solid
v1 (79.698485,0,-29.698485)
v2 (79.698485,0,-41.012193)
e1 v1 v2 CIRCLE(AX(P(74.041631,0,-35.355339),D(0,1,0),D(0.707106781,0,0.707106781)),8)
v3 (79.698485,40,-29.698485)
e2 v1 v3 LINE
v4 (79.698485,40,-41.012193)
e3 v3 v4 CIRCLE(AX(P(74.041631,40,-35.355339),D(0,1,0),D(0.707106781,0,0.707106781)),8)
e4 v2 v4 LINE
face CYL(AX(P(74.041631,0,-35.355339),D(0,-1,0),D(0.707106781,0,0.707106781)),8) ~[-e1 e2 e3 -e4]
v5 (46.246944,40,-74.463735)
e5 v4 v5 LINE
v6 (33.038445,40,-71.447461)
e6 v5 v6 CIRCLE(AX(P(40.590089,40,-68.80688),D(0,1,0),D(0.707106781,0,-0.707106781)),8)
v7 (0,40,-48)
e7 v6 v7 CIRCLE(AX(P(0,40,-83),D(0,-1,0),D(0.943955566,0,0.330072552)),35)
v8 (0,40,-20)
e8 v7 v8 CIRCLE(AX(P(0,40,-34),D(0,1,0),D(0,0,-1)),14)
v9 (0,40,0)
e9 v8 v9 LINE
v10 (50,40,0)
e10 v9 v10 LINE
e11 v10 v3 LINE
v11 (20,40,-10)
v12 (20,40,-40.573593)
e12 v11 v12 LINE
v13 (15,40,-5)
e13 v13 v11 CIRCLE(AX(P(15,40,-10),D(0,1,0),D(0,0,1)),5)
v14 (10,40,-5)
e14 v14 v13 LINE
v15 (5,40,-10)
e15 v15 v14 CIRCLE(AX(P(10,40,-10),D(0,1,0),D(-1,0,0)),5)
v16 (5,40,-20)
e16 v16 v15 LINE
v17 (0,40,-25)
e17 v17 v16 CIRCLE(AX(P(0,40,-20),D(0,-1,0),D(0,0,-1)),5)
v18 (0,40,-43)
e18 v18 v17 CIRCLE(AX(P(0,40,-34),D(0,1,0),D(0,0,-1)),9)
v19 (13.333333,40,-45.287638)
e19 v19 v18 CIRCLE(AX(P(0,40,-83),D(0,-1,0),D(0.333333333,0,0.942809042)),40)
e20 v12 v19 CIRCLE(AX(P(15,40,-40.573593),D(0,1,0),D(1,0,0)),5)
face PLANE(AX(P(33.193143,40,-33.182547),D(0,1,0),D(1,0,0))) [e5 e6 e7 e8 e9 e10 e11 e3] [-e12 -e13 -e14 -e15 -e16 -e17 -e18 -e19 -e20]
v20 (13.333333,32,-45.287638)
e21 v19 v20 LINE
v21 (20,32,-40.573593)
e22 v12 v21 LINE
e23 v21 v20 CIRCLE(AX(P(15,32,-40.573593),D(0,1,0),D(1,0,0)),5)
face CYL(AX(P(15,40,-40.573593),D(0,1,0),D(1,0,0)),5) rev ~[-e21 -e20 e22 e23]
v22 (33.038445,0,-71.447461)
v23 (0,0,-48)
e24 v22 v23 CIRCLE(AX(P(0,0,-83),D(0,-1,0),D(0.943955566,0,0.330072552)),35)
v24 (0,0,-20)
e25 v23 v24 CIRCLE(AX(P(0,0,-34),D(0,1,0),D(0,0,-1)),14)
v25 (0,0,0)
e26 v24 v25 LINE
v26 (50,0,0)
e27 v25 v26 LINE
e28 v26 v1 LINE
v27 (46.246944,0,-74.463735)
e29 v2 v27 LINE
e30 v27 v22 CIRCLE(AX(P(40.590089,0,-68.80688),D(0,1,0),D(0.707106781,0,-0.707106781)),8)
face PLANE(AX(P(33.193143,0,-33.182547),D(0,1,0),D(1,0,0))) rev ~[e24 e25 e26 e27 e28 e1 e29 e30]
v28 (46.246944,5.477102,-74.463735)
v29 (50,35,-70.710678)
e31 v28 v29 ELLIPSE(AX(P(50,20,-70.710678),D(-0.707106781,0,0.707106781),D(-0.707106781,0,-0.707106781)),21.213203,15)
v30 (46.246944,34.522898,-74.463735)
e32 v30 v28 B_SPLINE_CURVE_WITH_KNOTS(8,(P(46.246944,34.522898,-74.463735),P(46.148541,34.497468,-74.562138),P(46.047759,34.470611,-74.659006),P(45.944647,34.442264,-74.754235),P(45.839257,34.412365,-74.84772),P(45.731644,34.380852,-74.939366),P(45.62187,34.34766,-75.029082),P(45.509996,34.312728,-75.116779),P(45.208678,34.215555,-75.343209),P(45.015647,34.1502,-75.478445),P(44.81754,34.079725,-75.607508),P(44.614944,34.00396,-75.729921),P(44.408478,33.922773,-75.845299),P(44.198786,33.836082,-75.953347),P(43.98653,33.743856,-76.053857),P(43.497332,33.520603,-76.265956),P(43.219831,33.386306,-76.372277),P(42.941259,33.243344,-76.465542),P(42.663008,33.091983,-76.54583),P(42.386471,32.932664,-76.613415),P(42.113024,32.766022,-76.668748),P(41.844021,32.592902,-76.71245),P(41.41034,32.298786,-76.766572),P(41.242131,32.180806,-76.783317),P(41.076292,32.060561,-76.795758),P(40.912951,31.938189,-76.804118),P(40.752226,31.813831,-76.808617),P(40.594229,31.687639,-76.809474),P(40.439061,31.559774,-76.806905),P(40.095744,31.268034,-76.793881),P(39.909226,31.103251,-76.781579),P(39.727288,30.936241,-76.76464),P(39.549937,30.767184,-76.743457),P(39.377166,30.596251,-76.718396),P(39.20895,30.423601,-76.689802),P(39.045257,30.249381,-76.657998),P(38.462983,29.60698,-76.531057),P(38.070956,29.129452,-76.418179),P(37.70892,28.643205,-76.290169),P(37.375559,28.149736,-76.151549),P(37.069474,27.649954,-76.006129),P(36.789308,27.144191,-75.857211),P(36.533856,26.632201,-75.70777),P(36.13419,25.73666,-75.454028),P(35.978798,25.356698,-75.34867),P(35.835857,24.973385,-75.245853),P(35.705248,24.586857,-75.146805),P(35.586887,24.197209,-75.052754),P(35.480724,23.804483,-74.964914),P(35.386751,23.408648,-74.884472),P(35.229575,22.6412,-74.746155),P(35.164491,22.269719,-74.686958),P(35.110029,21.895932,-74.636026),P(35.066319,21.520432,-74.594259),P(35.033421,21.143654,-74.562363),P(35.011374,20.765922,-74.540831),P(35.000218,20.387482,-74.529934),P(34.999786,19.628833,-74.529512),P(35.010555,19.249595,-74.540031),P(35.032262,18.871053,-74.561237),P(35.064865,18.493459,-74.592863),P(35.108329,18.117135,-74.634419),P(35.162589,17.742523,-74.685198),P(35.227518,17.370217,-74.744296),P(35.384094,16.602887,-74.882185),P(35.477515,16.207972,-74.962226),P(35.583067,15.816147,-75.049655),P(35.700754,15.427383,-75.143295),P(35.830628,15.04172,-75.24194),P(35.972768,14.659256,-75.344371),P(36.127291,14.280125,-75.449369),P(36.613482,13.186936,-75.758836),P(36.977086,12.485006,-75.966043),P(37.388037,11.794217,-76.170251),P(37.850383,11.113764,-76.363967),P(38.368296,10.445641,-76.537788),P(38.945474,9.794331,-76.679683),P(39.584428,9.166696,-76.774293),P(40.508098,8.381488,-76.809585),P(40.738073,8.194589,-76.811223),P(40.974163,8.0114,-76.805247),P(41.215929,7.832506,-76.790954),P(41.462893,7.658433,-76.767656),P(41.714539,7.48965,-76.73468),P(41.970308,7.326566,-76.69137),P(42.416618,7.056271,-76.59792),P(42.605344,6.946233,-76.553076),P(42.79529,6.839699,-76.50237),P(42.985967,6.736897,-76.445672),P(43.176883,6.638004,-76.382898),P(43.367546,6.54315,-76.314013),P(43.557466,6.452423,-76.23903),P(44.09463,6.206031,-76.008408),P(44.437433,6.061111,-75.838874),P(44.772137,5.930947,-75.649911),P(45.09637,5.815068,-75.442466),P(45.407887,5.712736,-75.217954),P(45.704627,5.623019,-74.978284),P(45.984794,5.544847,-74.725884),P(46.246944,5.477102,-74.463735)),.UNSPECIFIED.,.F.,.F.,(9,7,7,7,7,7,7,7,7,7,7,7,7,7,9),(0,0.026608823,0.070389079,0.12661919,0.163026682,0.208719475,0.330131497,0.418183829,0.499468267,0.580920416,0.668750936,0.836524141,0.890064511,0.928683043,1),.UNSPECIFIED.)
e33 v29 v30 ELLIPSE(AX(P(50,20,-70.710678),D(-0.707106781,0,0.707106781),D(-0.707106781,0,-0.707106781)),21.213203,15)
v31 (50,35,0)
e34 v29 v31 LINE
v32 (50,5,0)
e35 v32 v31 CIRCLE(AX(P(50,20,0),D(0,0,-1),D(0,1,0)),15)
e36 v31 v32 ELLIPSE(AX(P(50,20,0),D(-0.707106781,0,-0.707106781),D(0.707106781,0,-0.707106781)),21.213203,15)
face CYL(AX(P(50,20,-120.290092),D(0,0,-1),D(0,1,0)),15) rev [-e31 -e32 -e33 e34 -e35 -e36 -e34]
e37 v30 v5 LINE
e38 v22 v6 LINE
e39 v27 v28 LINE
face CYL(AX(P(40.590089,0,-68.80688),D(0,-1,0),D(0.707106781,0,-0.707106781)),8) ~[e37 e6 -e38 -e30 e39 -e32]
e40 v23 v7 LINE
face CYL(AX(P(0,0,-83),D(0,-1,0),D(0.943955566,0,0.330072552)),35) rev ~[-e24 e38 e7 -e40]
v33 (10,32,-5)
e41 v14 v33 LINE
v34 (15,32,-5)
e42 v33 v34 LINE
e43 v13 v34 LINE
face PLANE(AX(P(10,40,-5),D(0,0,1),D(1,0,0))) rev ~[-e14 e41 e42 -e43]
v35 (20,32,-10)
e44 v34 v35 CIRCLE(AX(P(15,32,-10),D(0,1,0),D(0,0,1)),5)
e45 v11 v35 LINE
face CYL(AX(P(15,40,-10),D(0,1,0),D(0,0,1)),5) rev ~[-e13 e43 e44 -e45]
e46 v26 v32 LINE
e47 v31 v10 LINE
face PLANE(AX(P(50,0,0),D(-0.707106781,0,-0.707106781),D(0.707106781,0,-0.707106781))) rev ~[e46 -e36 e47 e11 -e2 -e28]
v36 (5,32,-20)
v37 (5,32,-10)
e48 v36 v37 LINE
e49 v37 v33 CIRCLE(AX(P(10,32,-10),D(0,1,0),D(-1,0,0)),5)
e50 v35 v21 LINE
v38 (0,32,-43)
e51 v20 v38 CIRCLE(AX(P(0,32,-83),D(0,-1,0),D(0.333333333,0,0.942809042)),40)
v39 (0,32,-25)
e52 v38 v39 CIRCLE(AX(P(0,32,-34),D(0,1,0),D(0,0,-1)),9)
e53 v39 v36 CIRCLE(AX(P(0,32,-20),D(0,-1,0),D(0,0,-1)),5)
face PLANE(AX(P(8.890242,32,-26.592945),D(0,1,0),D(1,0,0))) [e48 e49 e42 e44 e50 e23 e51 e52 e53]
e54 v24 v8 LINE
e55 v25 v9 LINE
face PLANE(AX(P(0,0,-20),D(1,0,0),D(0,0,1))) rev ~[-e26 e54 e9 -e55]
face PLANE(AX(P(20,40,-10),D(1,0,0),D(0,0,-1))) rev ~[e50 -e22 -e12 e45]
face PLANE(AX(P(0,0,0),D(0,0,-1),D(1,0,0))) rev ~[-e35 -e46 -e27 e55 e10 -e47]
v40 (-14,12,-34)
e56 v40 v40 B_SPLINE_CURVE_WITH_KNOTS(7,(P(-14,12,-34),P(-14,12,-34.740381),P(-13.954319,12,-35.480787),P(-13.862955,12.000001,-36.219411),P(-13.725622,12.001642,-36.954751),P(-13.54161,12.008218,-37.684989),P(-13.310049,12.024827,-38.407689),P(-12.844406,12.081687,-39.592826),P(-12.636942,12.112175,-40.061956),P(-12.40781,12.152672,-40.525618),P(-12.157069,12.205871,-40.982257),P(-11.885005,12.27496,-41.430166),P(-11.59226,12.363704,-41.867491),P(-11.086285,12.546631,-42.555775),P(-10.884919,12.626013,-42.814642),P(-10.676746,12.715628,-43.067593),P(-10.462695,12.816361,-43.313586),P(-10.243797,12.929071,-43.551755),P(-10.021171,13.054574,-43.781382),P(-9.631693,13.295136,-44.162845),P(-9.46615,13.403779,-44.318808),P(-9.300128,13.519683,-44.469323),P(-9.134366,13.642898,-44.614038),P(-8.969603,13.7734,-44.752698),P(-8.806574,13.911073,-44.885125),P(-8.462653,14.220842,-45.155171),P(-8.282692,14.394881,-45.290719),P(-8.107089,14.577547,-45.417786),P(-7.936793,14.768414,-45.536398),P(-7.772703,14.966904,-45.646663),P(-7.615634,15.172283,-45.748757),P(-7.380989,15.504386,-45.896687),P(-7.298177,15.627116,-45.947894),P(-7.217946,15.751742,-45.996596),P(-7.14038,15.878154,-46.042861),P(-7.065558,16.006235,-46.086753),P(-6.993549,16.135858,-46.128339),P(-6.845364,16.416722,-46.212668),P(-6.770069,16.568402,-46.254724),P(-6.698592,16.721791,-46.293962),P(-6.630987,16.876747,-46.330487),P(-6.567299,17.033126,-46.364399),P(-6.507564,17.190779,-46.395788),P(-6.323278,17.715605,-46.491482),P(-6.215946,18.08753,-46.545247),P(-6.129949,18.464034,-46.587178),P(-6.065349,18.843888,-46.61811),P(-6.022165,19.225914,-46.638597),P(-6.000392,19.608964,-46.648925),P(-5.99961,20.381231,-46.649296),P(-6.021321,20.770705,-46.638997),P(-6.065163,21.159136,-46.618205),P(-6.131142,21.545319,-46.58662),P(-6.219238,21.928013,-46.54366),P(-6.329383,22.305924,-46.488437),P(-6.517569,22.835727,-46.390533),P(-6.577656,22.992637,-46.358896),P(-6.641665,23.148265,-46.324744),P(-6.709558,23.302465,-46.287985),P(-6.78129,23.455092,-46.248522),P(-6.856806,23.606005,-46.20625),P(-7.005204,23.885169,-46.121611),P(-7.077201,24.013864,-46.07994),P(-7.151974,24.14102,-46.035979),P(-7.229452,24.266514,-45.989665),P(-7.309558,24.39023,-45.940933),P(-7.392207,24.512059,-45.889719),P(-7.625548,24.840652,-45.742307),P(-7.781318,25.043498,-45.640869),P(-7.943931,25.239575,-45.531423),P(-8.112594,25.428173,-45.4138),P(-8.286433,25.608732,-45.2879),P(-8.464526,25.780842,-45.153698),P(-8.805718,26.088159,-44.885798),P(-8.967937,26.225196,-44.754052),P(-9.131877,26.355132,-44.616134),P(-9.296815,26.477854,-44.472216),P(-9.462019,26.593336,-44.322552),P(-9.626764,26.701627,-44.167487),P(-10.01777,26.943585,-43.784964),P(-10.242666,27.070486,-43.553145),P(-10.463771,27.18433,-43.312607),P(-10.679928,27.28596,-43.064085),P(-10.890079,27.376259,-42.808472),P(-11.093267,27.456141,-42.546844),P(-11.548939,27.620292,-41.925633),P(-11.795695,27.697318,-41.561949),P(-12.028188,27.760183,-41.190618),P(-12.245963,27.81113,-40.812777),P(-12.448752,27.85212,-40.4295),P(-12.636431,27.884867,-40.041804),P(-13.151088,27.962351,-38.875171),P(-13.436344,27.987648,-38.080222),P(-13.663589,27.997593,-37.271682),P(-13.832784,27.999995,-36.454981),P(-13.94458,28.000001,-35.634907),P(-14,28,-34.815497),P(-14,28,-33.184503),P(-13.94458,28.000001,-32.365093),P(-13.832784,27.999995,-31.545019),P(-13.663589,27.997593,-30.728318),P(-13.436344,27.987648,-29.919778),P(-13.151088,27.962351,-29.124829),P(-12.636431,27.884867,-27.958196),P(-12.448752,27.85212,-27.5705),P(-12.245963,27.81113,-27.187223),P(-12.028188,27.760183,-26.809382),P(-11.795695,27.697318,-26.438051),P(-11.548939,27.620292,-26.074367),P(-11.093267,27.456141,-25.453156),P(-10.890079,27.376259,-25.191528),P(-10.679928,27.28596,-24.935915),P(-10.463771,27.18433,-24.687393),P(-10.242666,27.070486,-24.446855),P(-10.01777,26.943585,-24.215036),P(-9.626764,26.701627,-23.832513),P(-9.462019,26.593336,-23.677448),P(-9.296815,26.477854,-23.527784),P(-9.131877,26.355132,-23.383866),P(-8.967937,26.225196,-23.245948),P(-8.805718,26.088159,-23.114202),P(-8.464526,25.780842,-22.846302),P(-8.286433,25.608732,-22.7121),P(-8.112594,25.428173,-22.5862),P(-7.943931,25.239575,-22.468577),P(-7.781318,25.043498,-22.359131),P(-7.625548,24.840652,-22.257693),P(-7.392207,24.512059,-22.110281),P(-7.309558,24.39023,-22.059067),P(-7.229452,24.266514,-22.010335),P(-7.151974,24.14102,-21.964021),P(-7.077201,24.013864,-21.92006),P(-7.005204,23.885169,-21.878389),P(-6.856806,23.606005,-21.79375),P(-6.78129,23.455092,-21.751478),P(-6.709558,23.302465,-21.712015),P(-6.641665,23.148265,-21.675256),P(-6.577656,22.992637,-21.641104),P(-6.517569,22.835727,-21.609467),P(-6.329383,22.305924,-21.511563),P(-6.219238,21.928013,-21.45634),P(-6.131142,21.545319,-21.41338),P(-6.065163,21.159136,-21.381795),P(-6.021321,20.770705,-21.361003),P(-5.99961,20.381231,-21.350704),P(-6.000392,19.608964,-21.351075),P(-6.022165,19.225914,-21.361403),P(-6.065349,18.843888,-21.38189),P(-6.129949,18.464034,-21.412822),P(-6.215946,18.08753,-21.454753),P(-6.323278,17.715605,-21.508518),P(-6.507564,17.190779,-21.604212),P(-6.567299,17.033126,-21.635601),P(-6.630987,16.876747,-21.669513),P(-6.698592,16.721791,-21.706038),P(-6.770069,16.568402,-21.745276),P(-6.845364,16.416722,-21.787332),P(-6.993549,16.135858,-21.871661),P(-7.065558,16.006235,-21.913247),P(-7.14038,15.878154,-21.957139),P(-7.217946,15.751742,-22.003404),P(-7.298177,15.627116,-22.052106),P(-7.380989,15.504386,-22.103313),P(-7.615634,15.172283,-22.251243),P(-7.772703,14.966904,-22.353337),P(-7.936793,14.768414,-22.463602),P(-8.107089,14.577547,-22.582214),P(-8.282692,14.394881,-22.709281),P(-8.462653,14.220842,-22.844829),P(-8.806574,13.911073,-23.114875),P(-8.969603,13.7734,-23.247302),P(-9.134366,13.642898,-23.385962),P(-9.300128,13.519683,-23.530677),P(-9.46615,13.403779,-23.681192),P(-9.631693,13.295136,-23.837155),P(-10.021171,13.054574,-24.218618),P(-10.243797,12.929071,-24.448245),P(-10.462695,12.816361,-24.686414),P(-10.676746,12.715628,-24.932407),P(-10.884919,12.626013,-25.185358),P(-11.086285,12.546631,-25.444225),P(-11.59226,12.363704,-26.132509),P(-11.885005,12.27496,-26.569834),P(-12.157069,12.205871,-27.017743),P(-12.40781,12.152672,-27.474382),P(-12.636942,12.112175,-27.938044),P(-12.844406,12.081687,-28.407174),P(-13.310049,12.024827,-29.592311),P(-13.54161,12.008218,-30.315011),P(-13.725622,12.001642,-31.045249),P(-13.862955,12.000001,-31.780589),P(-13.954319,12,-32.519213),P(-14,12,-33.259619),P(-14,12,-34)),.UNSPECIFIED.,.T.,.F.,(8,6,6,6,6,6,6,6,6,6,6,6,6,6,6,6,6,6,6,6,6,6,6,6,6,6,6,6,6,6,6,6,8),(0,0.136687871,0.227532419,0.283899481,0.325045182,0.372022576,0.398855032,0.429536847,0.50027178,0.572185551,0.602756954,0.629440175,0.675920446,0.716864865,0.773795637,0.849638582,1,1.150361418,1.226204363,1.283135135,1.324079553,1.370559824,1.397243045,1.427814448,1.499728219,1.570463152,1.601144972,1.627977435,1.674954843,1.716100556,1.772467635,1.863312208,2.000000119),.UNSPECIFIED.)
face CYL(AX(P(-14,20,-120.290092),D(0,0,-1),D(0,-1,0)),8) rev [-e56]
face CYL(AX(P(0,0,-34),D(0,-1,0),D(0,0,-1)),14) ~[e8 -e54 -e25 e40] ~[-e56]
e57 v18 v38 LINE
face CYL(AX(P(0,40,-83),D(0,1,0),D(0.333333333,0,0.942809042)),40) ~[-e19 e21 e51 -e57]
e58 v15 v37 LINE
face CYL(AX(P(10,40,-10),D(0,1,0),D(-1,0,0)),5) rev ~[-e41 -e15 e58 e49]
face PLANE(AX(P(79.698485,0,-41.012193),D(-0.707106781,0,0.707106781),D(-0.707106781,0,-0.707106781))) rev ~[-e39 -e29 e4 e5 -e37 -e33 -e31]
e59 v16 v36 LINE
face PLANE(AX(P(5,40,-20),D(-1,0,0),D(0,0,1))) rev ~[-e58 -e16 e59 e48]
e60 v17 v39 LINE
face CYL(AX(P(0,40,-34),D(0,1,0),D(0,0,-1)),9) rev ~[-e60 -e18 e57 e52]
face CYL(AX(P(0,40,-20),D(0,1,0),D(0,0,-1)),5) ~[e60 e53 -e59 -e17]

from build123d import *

# Parameters (mm, degrees)
BOSS_EXTRUDE1_DEPTH     = 40
CUT_EXTRUDE1_DEPTH      = 8
CUT_EXTRUDE2_DEPTH      = 120.290091807
CUT_EXTRUDE2_DEPTH_BACK = 120.290091807
SKETCH3_R               = 15


with BuildPart() as part:
    # Sketch1 → Boss-Extrude1 (new body)
    with BuildSketch(Plane(origin=(0, 0, 0), x_dir=(1, 0, 0), z_dir=(0, 1, 0))):
        with BuildLine():
            Line((0, 0), (50, 0))
            Line((50, 0), (79.69848481, 29.69848481))
            ThreePointArc((79.69848481, 29.69848481), (82.04163056, 35.355339059), (79.69848481, 41.012193309))
            Line((79.69848481, 41.012193309), (46.246943589, 74.463734529))
            ThreePointArc((46.246943589, 74.463734529), (38.809068701, 76.606108799), (33.038444811, 71.447460693))
            ThreePointArc((33.038444811, 71.447460693), (20.256617737, 54.457585283), (0, 48))
            ThreePointArc((0, 48), (-14, 34), (0, 20))
            Line((0, 20), (0, 0))
        make_face()
    extrude(amount=BOSS_EXTRUDE1_DEPTH)

    # Sketch2 → Cut-Extrude1 (cut)
    with BuildSketch(Plane(origin=(0, 40, 0), x_dir=(1, 0, 0), z_dir=(0, 1, 0))):
        with BuildLine():
            Line((20, 10), (20, 40.573593129))
            ThreePointArc((20, 40.573593129), (17.886751346, 44.656076033), (13.333333333, 45.287638337))
            ThreePointArc((13.333333333, 45.287638337), (6.764079149, 43.576057614), (0, 43))
            ThreePointArc((0, 43), (-9, 34), (0, 25))
            ThreePointArc((0, 25), (3.535533906, 23.535533906), (5, 20))
            Line((5, 20), (5, 10))
            ThreePointArc((5, 10), (6.464466094, 6.464466094), (10, 5))
            Line((10, 5), (15, 5))
            ThreePointArc((15, 5), (18.535533906, 6.464466094), (20, 10))
        make_face()
    extrude(amount=-CUT_EXTRUDE1_DEPTH, mode=Mode.SUBTRACT)

    # Sketch3 → Cut-Extrude2 (cut, two sides: drawn at the far end of the back side and taken through both)
    with BuildSketch(Plane.XY.offset(-CUT_EXTRUDE2_DEPTH_BACK)):
        with Locations(Location((50, 20, 0), (0, 0, 90))):
            Circle(SKETCH3_R)
        with BuildLine():
            Line((-14, 28), (-14, 12))
            ThreePointArc((-14, 12), (-6, 20), (-14, 28))
        make_face()
    extrude(amount=CUT_EXTRUDE2_DEPTH + CUT_EXTRUDE2_DEPTH_BACK, mode=Mode.SUBTRACT)


solid = part.part
